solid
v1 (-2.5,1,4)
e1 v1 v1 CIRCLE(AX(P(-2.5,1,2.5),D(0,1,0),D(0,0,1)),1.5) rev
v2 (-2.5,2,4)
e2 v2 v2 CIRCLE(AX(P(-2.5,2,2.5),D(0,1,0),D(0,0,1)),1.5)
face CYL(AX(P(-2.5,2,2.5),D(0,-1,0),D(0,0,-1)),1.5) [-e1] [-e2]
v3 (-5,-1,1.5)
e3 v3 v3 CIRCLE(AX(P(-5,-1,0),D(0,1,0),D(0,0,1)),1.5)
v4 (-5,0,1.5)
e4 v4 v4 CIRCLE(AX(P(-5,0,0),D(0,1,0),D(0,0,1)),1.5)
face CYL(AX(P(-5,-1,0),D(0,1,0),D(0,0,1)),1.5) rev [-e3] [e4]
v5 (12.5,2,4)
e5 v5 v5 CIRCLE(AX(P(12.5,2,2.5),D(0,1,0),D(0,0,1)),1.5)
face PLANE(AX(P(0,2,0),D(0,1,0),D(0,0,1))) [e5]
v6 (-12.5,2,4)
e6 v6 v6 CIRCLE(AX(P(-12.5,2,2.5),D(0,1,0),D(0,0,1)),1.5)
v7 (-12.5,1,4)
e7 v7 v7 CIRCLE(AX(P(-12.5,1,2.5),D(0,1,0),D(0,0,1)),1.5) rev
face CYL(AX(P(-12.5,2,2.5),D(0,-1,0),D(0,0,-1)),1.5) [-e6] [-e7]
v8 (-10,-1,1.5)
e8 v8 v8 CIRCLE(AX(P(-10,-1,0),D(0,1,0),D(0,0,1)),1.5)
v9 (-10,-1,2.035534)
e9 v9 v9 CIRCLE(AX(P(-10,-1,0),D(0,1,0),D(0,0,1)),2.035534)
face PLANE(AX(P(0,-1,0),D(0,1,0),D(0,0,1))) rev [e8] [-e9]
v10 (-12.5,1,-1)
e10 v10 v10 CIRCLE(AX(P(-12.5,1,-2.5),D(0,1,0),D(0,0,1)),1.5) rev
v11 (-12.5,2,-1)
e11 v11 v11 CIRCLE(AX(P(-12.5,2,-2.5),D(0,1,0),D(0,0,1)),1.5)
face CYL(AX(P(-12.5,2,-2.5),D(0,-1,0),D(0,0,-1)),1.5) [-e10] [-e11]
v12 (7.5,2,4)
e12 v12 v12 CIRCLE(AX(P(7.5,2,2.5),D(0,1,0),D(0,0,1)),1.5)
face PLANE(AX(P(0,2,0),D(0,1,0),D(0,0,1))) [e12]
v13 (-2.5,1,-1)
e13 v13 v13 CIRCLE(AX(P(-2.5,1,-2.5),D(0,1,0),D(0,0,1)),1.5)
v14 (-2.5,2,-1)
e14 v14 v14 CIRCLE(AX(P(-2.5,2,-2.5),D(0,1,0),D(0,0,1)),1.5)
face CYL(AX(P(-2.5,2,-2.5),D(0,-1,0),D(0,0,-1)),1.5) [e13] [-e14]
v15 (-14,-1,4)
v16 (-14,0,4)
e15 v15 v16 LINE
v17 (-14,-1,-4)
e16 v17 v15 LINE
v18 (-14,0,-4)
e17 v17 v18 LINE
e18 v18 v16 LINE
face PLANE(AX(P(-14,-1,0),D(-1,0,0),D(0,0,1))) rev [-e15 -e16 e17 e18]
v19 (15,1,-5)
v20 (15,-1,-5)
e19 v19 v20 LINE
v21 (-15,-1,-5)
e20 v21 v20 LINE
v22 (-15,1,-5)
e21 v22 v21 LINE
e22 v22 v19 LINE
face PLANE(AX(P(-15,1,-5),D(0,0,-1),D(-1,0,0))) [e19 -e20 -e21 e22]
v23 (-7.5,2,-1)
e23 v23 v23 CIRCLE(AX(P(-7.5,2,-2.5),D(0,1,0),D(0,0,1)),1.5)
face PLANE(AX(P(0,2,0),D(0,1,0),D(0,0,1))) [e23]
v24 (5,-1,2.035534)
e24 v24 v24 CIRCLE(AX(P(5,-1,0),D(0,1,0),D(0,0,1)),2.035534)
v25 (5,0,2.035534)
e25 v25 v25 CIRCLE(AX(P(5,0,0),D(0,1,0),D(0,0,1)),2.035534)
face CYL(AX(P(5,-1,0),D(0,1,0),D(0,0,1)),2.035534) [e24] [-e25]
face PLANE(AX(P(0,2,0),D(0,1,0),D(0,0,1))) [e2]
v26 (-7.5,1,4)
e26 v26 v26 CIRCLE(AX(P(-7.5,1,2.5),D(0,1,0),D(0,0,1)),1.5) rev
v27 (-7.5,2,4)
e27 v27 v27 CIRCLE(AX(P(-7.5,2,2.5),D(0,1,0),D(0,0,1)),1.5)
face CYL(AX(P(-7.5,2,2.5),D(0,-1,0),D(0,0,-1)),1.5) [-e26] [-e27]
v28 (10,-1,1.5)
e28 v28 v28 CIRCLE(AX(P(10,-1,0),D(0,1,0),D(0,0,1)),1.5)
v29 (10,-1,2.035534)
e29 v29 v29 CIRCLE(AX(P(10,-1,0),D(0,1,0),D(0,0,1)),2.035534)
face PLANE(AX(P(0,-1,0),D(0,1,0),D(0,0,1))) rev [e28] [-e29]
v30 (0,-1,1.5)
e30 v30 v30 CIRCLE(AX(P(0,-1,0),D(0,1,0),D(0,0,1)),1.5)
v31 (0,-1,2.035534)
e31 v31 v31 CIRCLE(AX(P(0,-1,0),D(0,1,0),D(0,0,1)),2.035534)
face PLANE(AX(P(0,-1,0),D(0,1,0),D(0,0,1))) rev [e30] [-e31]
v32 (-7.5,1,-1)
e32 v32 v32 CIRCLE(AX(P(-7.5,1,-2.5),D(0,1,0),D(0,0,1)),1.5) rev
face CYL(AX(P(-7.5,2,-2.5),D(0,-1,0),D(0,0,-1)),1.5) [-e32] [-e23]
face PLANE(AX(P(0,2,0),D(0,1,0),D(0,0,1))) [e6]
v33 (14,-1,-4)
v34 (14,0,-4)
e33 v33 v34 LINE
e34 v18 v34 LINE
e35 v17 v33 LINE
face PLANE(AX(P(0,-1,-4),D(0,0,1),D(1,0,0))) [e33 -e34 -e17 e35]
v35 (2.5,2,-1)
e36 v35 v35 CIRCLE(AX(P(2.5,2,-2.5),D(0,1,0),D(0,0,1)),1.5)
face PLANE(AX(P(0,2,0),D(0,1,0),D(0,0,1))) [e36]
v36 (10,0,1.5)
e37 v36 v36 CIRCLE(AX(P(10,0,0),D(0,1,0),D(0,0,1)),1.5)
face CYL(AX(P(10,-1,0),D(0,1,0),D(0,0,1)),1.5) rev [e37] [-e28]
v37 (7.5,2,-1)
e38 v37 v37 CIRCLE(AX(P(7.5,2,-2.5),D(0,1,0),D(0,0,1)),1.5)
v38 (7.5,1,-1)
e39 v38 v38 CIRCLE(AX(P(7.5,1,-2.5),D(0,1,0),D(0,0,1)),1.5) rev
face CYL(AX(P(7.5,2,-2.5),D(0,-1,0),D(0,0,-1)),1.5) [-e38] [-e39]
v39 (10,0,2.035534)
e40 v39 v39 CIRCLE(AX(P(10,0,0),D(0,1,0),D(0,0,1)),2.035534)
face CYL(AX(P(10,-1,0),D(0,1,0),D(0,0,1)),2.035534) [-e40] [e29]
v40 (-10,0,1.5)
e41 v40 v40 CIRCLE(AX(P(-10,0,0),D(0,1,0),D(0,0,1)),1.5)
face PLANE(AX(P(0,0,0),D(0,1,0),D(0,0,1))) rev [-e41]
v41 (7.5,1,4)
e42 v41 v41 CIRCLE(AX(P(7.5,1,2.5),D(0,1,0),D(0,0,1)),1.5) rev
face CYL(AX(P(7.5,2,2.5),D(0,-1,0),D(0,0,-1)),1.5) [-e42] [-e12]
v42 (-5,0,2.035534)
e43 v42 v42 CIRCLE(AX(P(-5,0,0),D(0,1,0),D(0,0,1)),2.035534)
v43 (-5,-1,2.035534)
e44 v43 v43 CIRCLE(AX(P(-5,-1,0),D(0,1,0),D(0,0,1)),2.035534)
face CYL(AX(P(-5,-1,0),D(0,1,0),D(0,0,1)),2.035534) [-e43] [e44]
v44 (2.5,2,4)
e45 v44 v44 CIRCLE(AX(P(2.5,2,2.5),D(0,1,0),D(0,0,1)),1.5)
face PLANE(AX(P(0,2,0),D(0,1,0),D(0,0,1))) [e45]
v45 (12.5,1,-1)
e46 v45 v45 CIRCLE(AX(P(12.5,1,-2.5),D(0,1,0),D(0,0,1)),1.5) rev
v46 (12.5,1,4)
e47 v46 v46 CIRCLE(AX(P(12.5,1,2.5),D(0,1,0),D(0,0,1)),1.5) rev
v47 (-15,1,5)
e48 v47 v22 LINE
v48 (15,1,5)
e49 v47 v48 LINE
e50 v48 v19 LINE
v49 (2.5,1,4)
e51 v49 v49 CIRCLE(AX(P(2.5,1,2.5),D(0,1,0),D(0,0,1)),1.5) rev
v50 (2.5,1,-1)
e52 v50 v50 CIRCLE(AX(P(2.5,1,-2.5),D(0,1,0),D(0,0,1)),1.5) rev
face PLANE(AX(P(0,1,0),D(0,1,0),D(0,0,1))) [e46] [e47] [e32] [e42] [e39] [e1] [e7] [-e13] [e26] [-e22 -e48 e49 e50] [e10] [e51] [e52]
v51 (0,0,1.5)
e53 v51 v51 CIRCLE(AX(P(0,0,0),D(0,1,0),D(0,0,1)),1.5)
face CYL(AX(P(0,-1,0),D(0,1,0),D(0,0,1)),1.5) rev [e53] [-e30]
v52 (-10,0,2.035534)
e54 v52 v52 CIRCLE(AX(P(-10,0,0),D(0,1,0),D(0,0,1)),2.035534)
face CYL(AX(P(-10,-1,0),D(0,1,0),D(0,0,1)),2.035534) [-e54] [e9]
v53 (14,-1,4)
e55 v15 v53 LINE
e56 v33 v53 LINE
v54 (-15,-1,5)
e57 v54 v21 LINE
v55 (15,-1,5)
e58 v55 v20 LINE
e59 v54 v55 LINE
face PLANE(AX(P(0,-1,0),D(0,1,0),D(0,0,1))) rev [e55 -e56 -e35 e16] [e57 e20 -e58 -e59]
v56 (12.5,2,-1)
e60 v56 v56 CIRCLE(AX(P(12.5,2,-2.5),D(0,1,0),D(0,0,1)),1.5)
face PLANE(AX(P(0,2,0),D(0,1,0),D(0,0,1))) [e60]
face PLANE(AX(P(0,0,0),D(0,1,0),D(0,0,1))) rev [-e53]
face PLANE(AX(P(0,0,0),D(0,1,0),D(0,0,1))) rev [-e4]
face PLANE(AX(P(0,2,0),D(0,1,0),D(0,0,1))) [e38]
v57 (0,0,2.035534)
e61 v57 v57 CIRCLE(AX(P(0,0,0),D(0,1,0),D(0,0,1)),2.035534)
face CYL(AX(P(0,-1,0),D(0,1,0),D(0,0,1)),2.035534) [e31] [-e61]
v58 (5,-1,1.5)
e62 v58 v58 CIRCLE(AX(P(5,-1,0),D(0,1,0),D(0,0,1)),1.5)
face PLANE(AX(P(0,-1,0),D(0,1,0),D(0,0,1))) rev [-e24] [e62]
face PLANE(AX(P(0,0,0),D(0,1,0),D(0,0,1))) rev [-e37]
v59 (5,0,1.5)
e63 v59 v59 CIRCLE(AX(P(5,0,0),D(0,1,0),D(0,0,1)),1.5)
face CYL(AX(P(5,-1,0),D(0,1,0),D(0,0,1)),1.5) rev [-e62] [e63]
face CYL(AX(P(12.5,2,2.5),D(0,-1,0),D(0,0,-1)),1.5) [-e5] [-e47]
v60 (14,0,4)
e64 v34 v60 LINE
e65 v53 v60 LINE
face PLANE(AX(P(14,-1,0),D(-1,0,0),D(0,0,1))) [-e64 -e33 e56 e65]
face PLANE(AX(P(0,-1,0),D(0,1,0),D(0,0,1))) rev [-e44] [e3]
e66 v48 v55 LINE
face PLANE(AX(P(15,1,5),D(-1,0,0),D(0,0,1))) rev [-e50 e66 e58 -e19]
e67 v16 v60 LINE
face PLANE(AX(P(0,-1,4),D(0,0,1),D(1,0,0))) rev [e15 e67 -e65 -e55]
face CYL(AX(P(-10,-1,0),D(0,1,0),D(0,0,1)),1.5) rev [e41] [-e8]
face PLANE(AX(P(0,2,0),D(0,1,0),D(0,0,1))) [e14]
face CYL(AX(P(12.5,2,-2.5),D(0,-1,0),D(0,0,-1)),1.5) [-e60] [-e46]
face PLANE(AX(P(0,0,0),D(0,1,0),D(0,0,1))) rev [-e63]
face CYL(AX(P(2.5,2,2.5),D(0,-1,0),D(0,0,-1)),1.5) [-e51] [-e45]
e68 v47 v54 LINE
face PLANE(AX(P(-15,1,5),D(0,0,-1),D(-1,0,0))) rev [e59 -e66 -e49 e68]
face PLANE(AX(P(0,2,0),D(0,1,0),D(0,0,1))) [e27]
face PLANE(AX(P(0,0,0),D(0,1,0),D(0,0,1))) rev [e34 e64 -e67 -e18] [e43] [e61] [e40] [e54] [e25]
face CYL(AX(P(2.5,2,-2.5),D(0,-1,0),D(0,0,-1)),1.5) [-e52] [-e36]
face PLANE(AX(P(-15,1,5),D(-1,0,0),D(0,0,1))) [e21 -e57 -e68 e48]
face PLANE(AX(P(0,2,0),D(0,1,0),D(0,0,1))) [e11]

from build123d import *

# Parameters (mm, degrees)
SKETCH1_R              = 1.5
BOSS_EXTRUDE1_DEPTH    = 2
BOSS_EXTRUDE1_2_DEPTH  = 2
BOSS_EXTRUDE1_3_DEPTH  = 2
BOSS_EXTRUDE1_4_DEPTH  = 2
BOSS_EXTRUDE1_5_DEPTH  = 2
BOSS_EXTRUDE1_6_DEPTH  = 2
BOSS_EXTRUDE1_7_DEPTH  = 2
BOSS_EXTRUDE1_8_DEPTH  = 2
BOSS_EXTRUDE1_9_DEPTH  = 2
BOSS_EXTRUDE1_10_DEPTH = 2
BOSS_EXTRUDE1_11_DEPTH = 2
BOSS_EXTRUDE1_12_DEPTH = 2
SKETCH1_3_W            = 30
SKETCH1_3_H            = 10
BOSS_EXTRUDE2_DEPTH    = 1
SKETCH1_4_W            = 30
SKETCH1_4_H            = 10
SKETCH1_4_W_2          = 28
SKETCH1_4_H_2          = 8
SKETCH1_4_R            = 2.035533906
SKETCH1_4_R_2          = 1.5
BOSS_EXTRUDE3_DEPTH    = 1


with BuildPart() as part:
    # Sketch1 → Boss-Extrude1 (new body)
    with BuildSketch(Plane(origin=(0, 0, 0), x_dir=(1, 0, 0), z_dir=(0, 1, 0))):
        with Locations((-12.5, 2.5)):
            Circle(SKETCH1_R)
    extrude(amount=BOSS_EXTRUDE1_DEPTH)



with BuildPart() as body_2:
    # Sketch1 → Boss-Extrude1 2 (new body)
    with BuildSketch(Plane(origin=(0, 0, 0), x_dir=(1, 0, 0), z_dir=(0, 1, 0))):
        with Locations((-7.5, 2.5)):
            Circle(SKETCH1_R)
    extrude(amount=BOSS_EXTRUDE1_2_DEPTH)


with BuildPart() as body_3:
    # Sketch1 → Boss-Extrude1 3 (new body)
    with BuildSketch(Plane(origin=(0, 0, 0), x_dir=(1, 0, 0), z_dir=(0, 1, 0))):
        with Locations((-12.5, -2.5)):
            Circle(SKETCH1_R)
    extrude(amount=BOSS_EXTRUDE1_3_DEPTH)


with BuildPart() as body_4:
    # Sketch1 → Boss-Extrude1 4 (new body)
    with BuildSketch(Plane(origin=(0, 0, 0), x_dir=(1, 0, 0), z_dir=(0, 1, 0))):
        with Locations((-2.5, 2.5)):
            Circle(SKETCH1_R)
    extrude(amount=BOSS_EXTRUDE1_4_DEPTH)


with BuildPart() as body_5:
    # Sketch1 → Boss-Extrude1 5 (new body)
    with BuildSketch(Plane(origin=(0, 0, 0), x_dir=(1, 0, 0), z_dir=(0, 1, 0))):
        with Locations((2.5, 2.5)):
            Circle(SKETCH1_R)
    extrude(amount=BOSS_EXTRUDE1_5_DEPTH)


with BuildPart() as body_6:
    # Sketch1 → Boss-Extrude1 6 (new body)
    with BuildSketch(Plane(origin=(0, 0, 0), x_dir=(1, 0, 0), z_dir=(0, 1, 0))):
        with Locations((-7.5, -2.5)):
            Circle(SKETCH1_R)
    extrude(amount=BOSS_EXTRUDE1_6_DEPTH)


with BuildPart() as body_7:
    # Sketch1 → Boss-Extrude1 7 (new body)
    with BuildSketch(Plane(origin=(0, 0, 0), x_dir=(1, 0, 0), z_dir=(0, 1, 0))):
        with Locations((7.5, 2.5)):
            Circle(SKETCH1_R)
    extrude(amount=BOSS_EXTRUDE1_7_DEPTH)


with BuildPart() as body_8:
    # Sketch1 → Boss-Extrude1 8 (new body)
    with BuildSketch(Plane(origin=(0, 0, 0), x_dir=(1, 0, 0), z_dir=(0, 1, 0))):
        with Locations((-2.5, -2.5)):
            Circle(SKETCH1_R)
    extrude(amount=BOSS_EXTRUDE1_8_DEPTH)


with BuildPart() as body_9:
    # Sketch1 → Boss-Extrude1 9 (new body)
    with BuildSketch(Plane(origin=(0, 0, 0), x_dir=(1, 0, 0), z_dir=(0, 1, 0))):
        with Locations((12.5, 2.5)):
            Circle(SKETCH1_R)
    extrude(amount=BOSS_EXTRUDE1_9_DEPTH)


with BuildPart() as body_10:
    # Sketch1 → Boss-Extrude1 10 (new body)
    with BuildSketch(Plane(origin=(0, 0, 0), x_dir=(1, 0, 0), z_dir=(0, 1, 0))):
        with Locations((2.5, -2.5)):
            Circle(SKETCH1_R)
    extrude(amount=BOSS_EXTRUDE1_10_DEPTH)


with BuildPart() as body_11:
    # Sketch1 → Boss-Extrude1 11 (new body)
    with BuildSketch(Plane(origin=(0, 0, 0), x_dir=(1, 0, 0), z_dir=(0, 1, 0))):
        with Locations((7.5, -2.5)):
            Circle(SKETCH1_R)
    extrude(amount=BOSS_EXTRUDE1_11_DEPTH)


with BuildPart() as body_12:
    # Sketch1 → Boss-Extrude1 12 (new body)
    with BuildSketch(Plane(origin=(0, 0, 0), x_dir=(1, 0, 0), z_dir=(0, 1, 0))):
        with Locations((12.5, -2.5)):
            Circle(SKETCH1_R)
    extrude(amount=BOSS_EXTRUDE1_12_DEPTH)


with BuildPart() as part_1:
    add(part.part)

    add(body_2.part)  # Boss-Extrude2 merges body 2

    add(body_3.part)  # Boss-Extrude2 merges body 3

    add(body_4.part)  # Boss-Extrude2 merges body 4

    add(body_5.part)  # Boss-Extrude2 merges body 5

    add(body_6.part)  # Boss-Extrude2 merges body 6

    add(body_7.part)  # Boss-Extrude2 merges body 7

    add(body_8.part)  # Boss-Extrude2 merges body 8

    add(body_9.part)  # Boss-Extrude2 merges body 9

    add(body_10.part)  # Boss-Extrude2 merges body 10

    add(body_11.part)  # Boss-Extrude2 merges body 11

    add(body_12.part)  # Boss-Extrude2 merges body 12
    # Sketch1<3> → Boss-Extrude2 (add)
    with BuildSketch(Plane(origin=(0, 0, 0), x_dir=(1, 0, 0), z_dir=(0, 1, 0))):
        Rectangle(SKETCH1_3_W, SKETCH1_3_H)
    extrude(amount=BOSS_EXTRUDE2_DEPTH)

    # Sketch1<4> → Boss-Extrude3 (add)
    # profile 1 of 6: a face of its own
    with BuildSketch(Plane(origin=(0, 0, 0), x_dir=(1, 0, 0), z_dir=(0, 1, 0))):
        Rectangle(SKETCH1_4_W, SKETCH1_4_H)
        Rectangle(SKETCH1_4_W_2, SKETCH1_4_H_2, mode=Mode.SUBTRACT)
    # profile 2 of 6: a face of its own
    with BuildSketch(Plane(origin=(0, 0, 0), x_dir=(1, 0, 0), z_dir=(0, 1, 0))):
        with Locations((-10, 0)):
            Circle(SKETCH1_4_R)
        with Locations((-10, 0)):
            Circle(SKETCH1_4_R_2, mode=Mode.SUBTRACT)
    # profile 3 of 6: a face of its own
    with BuildSketch(Plane(origin=(0, 0, 0), x_dir=(1, 0, 0), z_dir=(0, 1, 0))):
        with Locations((-5, 0)):
            Circle(SKETCH1_4_R)
        with Locations((-5, 0)):
            Circle(SKETCH1_4_R_2, mode=Mode.SUBTRACT)
    # profile 4 of 6: a face of its own
    with BuildSketch(Plane(origin=(0, 0, 0), x_dir=(1, 0, 0), z_dir=(0, 1, 0))):
        Circle(SKETCH1_4_R)
        Circle(SKETCH1_4_R_2, mode=Mode.SUBTRACT)
    # profile 5 of 6: a face of its own
    with BuildSketch(Plane(origin=(0, 0, 0), x_dir=(1, 0, 0), z_dir=(0, 1, 0))):
        with Locations((5, 0)):
            Circle(SKETCH1_4_R)
        with Locations((5, 0)):
            Circle(SKETCH1_4_R_2, mode=Mode.SUBTRACT)
    # profile 6 of 6: a face of its own
    with BuildSketch(Plane(origin=(0, 0, 0), x_dir=(1, 0, 0), z_dir=(0, 1, 0))):
        with Locations((10, 0)):
            Circle(SKETCH1_4_R)
        with Locations((10, 0)):
            Circle(SKETCH1_4_R_2, mode=Mode.SUBTRACT)
    extrude(amount=-BOSS_EXTRUDE3_DEPTH)


solid = part_1.part
